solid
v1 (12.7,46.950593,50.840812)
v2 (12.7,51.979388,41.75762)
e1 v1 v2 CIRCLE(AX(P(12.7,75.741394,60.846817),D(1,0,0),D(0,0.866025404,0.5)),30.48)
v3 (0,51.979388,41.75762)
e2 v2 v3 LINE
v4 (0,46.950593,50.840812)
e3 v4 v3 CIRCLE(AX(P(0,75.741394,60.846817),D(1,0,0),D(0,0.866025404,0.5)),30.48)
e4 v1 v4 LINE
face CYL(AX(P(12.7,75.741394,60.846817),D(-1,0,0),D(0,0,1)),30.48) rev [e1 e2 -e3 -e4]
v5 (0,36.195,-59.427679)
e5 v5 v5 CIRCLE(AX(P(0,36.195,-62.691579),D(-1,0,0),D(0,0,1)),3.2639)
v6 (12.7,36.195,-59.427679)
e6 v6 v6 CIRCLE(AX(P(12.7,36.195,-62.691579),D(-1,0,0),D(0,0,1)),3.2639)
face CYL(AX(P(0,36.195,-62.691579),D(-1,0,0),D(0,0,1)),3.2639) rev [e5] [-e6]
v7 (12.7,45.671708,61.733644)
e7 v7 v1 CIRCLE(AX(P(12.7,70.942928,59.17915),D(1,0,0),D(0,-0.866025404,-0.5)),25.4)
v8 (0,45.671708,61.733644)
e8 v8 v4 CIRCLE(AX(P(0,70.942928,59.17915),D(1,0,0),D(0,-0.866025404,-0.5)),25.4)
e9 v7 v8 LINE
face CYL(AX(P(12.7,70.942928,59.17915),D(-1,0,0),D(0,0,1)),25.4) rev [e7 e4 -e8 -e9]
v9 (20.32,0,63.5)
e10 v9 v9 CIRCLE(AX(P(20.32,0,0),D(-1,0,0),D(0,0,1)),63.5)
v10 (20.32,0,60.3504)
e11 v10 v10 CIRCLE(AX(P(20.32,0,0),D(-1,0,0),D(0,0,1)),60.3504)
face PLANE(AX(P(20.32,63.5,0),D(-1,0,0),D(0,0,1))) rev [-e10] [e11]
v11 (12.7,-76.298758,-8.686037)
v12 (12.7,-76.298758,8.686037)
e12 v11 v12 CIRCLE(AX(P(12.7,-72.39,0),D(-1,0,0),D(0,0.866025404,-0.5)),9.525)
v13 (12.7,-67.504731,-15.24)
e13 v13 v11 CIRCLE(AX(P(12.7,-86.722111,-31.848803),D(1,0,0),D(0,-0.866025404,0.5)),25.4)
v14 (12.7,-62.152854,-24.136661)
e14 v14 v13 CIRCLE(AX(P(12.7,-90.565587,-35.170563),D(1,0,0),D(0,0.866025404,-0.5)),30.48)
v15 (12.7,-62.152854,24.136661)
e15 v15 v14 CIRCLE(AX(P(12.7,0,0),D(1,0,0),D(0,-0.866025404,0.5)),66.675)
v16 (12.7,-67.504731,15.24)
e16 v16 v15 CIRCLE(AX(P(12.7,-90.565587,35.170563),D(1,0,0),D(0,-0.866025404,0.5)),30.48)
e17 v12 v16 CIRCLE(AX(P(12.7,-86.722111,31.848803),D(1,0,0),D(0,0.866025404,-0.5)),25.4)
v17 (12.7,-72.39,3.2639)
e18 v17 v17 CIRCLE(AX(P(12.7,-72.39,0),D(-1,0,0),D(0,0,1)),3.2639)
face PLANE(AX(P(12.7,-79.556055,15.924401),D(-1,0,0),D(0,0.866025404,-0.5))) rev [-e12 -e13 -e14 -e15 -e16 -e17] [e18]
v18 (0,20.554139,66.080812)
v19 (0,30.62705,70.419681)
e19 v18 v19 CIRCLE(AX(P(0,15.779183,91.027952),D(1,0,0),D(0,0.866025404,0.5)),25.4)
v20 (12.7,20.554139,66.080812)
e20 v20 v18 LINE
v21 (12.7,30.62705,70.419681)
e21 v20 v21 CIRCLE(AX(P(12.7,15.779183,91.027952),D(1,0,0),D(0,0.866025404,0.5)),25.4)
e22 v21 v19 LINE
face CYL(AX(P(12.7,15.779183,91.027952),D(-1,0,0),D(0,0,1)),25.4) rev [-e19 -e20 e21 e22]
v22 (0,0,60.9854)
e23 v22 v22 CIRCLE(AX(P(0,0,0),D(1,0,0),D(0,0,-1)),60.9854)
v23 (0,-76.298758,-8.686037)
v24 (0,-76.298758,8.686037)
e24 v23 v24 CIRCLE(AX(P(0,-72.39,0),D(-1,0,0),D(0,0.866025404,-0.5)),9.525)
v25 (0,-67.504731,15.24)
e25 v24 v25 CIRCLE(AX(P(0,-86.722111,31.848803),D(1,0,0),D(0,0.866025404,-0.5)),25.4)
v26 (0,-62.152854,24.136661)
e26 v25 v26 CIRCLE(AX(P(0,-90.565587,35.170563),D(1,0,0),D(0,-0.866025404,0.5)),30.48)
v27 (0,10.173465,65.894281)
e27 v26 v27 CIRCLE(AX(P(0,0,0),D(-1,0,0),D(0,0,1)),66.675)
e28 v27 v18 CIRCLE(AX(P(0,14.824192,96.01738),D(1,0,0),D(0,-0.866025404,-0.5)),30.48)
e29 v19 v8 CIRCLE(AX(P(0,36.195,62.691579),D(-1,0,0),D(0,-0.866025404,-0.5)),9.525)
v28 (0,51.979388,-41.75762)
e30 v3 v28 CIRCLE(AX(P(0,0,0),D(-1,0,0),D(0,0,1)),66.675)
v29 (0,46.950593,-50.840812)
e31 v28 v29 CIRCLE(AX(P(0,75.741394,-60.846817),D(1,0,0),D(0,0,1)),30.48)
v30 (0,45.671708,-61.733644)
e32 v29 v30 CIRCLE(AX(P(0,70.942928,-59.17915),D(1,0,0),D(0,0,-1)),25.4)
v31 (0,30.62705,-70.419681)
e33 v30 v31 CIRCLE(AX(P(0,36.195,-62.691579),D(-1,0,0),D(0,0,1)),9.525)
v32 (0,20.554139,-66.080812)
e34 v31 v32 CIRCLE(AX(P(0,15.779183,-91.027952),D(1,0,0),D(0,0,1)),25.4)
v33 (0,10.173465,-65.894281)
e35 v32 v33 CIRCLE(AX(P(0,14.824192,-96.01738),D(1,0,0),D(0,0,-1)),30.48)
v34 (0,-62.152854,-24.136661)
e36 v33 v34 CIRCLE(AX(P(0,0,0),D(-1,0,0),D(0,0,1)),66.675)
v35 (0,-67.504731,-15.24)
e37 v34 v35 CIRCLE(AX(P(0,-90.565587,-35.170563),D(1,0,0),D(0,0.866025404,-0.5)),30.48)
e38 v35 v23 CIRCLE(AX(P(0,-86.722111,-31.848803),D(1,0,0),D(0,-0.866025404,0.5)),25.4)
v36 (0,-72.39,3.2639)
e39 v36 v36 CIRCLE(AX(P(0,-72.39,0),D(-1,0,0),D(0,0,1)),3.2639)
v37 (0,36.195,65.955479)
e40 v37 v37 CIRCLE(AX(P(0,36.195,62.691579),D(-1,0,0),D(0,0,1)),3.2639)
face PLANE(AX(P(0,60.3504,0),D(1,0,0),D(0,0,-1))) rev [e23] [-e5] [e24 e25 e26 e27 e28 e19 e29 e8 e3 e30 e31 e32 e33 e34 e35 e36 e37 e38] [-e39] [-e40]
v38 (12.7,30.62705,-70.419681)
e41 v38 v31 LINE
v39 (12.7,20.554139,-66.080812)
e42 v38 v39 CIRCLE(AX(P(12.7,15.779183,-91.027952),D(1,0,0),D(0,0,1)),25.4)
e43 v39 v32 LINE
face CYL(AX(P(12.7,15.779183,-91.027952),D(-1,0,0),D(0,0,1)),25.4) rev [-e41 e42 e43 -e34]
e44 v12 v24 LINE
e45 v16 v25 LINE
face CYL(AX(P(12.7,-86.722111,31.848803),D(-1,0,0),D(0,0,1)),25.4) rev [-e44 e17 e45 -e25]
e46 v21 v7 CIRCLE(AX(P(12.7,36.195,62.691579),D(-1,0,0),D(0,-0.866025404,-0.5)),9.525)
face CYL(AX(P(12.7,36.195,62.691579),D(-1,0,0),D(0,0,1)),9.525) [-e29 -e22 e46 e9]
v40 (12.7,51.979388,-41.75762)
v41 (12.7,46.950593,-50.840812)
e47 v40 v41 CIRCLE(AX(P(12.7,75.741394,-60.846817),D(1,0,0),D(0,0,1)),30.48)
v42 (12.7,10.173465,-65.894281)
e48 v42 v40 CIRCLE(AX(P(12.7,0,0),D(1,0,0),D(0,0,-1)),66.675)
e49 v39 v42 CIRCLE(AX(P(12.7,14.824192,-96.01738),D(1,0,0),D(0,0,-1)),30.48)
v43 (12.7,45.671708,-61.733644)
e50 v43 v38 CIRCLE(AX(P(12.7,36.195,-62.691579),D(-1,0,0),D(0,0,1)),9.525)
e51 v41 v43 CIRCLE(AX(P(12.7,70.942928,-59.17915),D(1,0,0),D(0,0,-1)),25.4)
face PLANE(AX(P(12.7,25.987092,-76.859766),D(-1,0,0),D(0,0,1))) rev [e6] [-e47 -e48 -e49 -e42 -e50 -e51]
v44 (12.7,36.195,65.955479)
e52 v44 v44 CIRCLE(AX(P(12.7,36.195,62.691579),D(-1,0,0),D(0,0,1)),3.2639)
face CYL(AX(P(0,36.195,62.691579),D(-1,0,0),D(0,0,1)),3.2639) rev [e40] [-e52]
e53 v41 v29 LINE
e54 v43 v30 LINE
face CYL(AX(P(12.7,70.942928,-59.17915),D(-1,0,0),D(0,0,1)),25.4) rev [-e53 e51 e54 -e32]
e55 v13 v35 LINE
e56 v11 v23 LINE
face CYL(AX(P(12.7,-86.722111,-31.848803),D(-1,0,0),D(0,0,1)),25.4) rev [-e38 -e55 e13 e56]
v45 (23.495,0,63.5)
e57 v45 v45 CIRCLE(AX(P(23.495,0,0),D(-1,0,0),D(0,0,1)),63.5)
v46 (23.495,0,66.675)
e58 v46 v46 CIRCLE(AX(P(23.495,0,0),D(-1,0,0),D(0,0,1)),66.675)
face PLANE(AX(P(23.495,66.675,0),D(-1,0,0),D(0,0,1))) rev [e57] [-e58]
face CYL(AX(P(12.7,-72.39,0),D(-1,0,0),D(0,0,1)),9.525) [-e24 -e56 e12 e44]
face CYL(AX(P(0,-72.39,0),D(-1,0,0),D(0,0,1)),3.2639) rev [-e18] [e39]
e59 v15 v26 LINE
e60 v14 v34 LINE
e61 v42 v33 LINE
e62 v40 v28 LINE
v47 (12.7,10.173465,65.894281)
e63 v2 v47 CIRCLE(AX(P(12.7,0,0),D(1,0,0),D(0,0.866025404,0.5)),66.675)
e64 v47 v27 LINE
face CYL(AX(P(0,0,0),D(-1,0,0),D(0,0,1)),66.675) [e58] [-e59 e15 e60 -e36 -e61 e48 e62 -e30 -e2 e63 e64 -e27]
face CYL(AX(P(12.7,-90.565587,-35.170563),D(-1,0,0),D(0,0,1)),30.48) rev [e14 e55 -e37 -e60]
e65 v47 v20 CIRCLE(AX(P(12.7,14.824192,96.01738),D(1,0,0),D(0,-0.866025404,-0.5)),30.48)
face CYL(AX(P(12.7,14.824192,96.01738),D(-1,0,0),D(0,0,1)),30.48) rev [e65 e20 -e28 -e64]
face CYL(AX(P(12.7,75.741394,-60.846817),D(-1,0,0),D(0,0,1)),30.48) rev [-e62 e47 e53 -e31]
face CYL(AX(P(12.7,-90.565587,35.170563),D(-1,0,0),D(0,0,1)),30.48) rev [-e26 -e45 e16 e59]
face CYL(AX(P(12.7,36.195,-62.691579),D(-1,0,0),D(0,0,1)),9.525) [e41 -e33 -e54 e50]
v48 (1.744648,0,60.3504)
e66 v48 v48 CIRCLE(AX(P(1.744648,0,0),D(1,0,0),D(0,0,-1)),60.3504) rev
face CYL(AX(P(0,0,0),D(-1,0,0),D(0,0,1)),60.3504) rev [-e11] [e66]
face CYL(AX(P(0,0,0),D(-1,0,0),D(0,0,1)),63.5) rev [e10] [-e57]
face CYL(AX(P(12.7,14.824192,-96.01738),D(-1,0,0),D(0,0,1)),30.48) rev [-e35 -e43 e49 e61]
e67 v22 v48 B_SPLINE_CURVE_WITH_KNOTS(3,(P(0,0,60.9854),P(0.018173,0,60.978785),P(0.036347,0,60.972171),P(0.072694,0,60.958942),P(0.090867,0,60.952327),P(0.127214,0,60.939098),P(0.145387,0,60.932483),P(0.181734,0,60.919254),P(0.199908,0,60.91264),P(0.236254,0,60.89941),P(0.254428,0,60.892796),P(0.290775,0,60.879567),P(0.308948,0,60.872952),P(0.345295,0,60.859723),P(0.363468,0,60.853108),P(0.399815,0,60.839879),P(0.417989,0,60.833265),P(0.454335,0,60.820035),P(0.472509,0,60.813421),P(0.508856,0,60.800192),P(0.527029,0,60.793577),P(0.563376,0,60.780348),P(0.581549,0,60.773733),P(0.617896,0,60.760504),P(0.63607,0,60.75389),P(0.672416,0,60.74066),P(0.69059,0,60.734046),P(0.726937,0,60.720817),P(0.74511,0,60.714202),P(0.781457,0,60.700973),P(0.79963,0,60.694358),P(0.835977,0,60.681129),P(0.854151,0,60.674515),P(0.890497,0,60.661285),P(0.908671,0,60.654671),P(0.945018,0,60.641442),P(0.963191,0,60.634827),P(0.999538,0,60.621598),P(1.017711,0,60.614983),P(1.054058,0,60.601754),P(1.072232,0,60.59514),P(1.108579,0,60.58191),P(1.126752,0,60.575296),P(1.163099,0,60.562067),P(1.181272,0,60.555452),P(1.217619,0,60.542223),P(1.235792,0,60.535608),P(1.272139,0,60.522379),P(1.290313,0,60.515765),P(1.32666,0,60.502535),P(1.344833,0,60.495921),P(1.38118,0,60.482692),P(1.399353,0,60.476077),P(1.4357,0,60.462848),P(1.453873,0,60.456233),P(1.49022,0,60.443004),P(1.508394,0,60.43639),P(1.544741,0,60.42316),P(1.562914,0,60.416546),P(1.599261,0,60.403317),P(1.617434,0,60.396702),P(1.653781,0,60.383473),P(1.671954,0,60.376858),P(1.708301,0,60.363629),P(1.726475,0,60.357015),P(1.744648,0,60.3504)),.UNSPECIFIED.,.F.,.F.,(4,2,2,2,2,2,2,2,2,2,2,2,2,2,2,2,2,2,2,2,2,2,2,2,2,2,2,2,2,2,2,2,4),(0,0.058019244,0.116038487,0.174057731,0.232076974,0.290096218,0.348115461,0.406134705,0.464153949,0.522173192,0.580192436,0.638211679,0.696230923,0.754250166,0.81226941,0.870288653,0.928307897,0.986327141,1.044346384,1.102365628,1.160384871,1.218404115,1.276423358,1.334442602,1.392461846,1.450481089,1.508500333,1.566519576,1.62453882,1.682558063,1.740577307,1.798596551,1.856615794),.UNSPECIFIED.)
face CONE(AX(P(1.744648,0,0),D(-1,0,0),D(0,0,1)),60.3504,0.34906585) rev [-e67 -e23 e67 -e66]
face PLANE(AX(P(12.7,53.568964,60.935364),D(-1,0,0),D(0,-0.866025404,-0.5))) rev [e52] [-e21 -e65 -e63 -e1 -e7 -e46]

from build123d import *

# Parameters (mm, degrees)
BOSS_EXTRUDE1_START     = -12.7
BOSS_EXTRUDE1_DEPTH     = 12.7
F_1_4_CLEARANCE_HOLE1_D = 6.5278
CIRPATTERN1_COUNT       = 3
CHAMFER1_SIZE           = 0.635
CHAMFER1_SIZE2          = 1.744648161


with BuildPart() as part:
    # Sketch1 → Revolve1 (revolve)
    with BuildSketch(Plane.XY, mode=Mode.PRIVATE) as revolve1_sk:
        Polygon((0, 66.675), (23.495, 66.675), (23.495, 63.5), (20.32, 63.5), (20.32, 60.3504), (0, 60.3504), align=None)
    revolve(revolve1_sk.sketch.rotate(Axis((0, 0, 0), (1, 0, 0)), 90), axis=Axis((0, 0, 0), (1, 0, 0)))

    # Sketch5 → Boss-Extrude1 (add)
    with BuildSketch(Plane.ZY.offset(BOSS_EXTRUDE1_START)):
        with BuildLine():
            ThreePointArc((-61.733643772, 45.671707505), (-70.940470951, 40.9575), (-70.41968082, 30.627050022))
            ThreePointArc((-70.41968082, 30.627050022), (-67.700076965, 25.827577718), (-66.080812198, 20.554138506))
            ThreePointArc((-66.080812198, 20.554138506), (-65.542300069, 15.371802621), (-65.894280688, 10.17346537))
            ThreePointArc((-65.894280688, 10.17346537), (-57.742243797, 33.3375), (-41.757619799, 51.979388355))
            ThreePointArc((-41.757619799, 51.979388355), (-46.083521606, 49.075395572), (-50.840812198, 46.950592813))
            ThreePointArc((-50.840812198, 46.950592813), (-56.217376905, 45.716197631), (-61.733643772, 45.671707505))
        make_face()
    boss_extrude1 = extrude(amount=BOSS_EXTRUDE1_DEPTH)

    # 1/4 Clearance Hole1 (through all)
    with Locations(Plane.ZY):
        with Locations((-62.69157898, 36.195)):
            f_1_4_clearance_hole1 = Hole(F_1_4_CLEARANCE_HOLE1_D / 2)

    # CirPattern1: Boss-Extrude1, 1/4 Clearance Hole1 ×3 about axis
    cirpattern1_axis = Axis((0, 0, 0), (1, 0, 0))
    add([boss_extrude1.rotate(cirpattern1_axis, i * 360 / CIRPATTERN1_COUNT) for i in range(1, CIRPATTERN1_COUNT)])
    add([f_1_4_clearance_hole1.rotate(cirpattern1_axis, i * 360 / CIRPATTERN1_COUNT) for i in range(1, CIRPATTERN1_COUNT)], mode=Mode.SUBTRACT)

    # Chamfer1
    chamfer1_edges = [part.edges().sort_by_distance(p)[0] for p in [
        (0, 0, -60.3504),
    ]]
    chamfer1_side = [part.faces().sort_by_distance(p)[0] for p in [
        (0, -36.487585779, 53.312085734),
    ]]
    chamfer(chamfer1_edges, length=CHAMFER1_SIZE, length2=CHAMFER1_SIZE2, reference=chamfer1_side[0])


solid = part.part
